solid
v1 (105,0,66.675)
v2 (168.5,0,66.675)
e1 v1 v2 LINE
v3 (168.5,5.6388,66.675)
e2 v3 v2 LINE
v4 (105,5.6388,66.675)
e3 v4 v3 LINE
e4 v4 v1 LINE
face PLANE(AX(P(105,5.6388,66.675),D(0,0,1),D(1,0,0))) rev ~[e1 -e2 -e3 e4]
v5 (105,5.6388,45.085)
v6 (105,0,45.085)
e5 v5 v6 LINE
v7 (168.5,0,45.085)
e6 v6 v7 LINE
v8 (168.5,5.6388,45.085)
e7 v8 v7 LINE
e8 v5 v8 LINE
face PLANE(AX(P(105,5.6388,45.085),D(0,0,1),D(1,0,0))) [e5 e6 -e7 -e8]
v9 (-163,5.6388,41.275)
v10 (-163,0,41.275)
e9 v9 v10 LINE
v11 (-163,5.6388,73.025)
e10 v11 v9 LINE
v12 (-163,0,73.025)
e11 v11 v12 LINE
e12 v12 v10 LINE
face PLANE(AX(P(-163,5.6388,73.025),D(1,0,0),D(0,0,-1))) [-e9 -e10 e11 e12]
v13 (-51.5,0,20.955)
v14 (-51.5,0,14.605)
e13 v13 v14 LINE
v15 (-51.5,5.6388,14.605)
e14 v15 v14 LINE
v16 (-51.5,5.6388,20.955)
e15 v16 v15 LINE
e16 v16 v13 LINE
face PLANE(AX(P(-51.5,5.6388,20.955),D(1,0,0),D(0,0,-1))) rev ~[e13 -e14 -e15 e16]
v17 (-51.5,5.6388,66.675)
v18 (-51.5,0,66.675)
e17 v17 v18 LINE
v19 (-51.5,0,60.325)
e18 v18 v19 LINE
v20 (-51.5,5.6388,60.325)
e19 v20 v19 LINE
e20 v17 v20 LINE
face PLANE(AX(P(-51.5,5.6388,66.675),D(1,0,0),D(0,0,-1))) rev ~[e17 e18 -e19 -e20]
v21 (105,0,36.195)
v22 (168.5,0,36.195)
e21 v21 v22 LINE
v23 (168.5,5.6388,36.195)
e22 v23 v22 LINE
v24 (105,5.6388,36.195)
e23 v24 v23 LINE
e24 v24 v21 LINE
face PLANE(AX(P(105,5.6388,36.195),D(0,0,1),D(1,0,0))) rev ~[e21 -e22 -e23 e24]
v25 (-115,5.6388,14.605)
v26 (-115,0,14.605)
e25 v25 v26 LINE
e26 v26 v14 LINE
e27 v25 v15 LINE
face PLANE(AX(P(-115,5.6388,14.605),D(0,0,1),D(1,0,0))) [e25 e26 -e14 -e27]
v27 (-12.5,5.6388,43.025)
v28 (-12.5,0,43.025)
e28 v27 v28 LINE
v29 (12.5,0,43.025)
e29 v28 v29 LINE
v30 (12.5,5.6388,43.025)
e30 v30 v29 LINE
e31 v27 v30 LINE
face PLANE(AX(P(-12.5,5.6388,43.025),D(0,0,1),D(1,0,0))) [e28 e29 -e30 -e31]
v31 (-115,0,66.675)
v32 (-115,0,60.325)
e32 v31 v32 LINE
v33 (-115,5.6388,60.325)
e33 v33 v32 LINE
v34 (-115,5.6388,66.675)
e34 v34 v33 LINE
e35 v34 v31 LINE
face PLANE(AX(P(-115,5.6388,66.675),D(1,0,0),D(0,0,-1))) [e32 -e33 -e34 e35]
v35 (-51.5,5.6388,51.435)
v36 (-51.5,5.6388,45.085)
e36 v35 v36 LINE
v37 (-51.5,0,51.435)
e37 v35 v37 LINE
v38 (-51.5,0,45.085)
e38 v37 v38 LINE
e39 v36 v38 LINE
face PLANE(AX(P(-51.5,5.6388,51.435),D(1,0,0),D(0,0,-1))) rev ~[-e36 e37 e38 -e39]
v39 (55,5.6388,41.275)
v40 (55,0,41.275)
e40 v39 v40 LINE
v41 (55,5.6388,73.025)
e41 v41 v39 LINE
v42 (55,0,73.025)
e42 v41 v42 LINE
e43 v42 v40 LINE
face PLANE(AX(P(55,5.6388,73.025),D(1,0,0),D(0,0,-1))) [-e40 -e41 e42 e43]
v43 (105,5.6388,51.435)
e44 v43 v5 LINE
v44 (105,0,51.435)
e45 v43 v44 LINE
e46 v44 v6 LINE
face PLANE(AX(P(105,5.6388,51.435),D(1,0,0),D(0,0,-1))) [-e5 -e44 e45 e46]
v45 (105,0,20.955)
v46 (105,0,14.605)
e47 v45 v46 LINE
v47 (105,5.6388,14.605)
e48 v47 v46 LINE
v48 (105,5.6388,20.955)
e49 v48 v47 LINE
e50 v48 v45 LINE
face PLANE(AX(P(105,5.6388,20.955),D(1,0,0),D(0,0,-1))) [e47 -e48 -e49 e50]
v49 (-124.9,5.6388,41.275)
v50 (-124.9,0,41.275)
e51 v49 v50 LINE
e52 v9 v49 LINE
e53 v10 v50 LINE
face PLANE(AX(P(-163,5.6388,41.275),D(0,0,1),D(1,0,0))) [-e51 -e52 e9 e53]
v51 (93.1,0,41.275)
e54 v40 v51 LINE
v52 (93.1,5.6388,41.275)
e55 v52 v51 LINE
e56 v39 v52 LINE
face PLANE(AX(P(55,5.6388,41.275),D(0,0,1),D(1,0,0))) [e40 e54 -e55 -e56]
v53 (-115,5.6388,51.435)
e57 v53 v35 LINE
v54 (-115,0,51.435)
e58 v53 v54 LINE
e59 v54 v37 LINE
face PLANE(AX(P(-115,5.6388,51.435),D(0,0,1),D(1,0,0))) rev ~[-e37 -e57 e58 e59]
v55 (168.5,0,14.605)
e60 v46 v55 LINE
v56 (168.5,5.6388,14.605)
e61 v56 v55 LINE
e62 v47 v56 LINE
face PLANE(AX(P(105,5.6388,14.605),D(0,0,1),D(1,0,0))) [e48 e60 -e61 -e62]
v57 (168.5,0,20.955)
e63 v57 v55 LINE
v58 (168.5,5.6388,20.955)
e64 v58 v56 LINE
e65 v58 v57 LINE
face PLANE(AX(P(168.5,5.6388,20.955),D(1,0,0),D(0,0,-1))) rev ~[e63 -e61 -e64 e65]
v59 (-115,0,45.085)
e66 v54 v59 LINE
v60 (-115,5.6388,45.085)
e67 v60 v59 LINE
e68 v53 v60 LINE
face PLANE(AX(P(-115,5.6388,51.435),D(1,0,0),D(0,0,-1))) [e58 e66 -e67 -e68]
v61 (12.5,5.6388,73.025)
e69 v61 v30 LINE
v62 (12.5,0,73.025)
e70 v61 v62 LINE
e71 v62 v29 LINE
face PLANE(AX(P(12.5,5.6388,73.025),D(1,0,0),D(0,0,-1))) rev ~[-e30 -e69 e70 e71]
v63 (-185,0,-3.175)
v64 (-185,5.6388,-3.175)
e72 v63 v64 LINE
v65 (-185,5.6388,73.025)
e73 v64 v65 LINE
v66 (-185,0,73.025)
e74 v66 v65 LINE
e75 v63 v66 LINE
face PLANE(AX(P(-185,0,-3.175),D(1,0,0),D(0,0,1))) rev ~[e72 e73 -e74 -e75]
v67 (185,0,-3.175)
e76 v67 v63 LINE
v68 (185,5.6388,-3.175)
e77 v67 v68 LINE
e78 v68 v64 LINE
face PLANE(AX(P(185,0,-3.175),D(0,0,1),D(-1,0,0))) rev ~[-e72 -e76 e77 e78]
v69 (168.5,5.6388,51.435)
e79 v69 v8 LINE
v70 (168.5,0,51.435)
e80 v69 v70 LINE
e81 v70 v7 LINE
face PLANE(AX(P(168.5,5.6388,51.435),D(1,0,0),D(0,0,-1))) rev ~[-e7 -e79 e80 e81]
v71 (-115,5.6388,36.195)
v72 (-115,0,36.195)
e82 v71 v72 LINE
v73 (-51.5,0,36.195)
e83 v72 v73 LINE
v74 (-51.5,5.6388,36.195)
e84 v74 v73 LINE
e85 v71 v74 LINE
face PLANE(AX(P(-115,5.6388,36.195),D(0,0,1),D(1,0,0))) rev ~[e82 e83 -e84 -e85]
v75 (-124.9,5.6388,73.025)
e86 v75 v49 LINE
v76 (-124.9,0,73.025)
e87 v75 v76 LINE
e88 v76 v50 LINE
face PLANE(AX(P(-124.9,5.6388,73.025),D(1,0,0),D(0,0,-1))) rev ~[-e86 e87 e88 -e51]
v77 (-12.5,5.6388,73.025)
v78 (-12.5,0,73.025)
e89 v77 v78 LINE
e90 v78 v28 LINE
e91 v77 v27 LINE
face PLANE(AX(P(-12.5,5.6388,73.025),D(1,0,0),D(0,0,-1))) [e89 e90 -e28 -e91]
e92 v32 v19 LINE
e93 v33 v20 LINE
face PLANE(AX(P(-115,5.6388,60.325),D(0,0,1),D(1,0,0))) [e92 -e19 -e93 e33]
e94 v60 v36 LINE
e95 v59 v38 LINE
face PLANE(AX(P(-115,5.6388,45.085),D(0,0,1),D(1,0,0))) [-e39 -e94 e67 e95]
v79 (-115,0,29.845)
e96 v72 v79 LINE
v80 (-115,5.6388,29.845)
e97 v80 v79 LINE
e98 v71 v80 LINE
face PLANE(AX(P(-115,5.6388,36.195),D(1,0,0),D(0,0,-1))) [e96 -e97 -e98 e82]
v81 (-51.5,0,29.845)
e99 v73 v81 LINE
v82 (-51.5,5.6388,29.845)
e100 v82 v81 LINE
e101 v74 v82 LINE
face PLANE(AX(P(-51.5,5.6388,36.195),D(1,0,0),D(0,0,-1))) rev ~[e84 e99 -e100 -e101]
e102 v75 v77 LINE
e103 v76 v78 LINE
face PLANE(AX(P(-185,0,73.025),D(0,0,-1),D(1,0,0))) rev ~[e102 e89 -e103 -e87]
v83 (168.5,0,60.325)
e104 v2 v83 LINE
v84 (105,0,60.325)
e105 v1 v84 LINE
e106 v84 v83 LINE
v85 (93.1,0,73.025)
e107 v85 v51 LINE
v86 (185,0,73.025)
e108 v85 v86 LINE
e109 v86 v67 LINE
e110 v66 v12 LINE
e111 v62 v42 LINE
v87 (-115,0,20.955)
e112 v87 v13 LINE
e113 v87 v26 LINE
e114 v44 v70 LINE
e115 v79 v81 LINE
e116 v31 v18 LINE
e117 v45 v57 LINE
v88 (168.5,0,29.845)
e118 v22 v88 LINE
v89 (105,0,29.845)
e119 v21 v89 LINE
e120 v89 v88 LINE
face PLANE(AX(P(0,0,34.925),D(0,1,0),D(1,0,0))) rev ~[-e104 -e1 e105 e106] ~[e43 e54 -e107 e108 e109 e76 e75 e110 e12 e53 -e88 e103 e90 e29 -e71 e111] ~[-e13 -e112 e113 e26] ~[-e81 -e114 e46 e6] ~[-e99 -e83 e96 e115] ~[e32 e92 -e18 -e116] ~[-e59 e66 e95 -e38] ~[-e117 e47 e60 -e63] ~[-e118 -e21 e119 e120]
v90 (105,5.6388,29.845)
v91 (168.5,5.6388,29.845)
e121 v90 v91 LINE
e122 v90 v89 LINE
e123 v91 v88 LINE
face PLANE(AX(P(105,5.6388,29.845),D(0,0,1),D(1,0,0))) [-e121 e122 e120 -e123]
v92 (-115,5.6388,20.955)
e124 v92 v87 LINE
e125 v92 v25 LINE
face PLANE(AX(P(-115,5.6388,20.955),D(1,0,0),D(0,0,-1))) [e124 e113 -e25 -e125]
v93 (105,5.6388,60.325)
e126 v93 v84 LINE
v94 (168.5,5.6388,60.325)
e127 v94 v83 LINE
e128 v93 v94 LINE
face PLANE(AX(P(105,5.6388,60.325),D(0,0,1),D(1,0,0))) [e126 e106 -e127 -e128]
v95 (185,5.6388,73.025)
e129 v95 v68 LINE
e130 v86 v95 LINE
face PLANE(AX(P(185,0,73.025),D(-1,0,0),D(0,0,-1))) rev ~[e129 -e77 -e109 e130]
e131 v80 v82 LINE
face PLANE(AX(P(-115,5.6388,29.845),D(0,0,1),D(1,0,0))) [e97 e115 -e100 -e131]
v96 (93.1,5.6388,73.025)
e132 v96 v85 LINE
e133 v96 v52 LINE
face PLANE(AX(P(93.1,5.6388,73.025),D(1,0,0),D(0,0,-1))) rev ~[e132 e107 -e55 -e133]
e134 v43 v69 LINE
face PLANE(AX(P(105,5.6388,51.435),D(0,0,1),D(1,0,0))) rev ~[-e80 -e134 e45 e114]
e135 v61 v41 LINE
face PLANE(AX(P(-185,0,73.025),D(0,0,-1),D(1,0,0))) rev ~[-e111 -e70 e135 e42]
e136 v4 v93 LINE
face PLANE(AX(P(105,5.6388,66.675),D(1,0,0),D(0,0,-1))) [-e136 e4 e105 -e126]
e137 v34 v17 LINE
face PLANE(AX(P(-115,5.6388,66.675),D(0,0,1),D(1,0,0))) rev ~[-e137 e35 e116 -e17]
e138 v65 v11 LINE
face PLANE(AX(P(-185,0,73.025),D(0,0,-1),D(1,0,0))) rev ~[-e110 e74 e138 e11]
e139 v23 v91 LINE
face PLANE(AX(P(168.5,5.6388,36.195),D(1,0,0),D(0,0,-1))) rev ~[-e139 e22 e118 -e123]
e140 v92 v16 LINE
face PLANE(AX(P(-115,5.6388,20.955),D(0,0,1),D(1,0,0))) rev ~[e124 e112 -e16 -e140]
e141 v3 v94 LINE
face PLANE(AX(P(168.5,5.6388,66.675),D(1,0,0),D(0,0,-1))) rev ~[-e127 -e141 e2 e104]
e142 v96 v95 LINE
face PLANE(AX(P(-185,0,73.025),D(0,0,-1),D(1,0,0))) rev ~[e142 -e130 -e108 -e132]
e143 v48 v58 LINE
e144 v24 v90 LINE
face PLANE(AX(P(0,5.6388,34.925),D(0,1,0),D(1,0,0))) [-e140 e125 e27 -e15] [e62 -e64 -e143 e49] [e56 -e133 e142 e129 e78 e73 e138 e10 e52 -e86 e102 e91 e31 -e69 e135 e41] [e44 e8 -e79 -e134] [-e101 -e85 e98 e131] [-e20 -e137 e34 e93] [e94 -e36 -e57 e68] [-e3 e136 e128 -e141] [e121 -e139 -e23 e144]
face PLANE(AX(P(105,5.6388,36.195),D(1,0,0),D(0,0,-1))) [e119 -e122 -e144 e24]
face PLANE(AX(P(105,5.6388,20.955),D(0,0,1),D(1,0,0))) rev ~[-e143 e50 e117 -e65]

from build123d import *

# Parameters (mm, degrees)
BOSS_EXTRUDE1_DEPTH  = 5.6388
SKETCH2_W            = 63.5
SKETCH2_H            = 6.35
CUT_EXTRUDE1_DEPTH   = 6.6388
LPATTERN1_COUNT      = 4
LPATTERN1_PITCH      = 15.24
LPATTERN1_COUNT_DIR2 = 2
LPATTERN1_PITCH_DIR2 = 220
SKETCH3_W            = 25
SKETCH3_H            = 30
CUT_EXTRUDE2_DEPTH   = 6.6388
SKETCH4_W            = 38.1
SKETCH4_H            = 31.75
CUT_EXTRUDE3_DEPTH   = 6.6388


with BuildPart() as part:
    # Sketch1 → Boss-Extrude1 (new body)
    with BuildSketch(Plane(origin=(0, 0, 0), x_dir=(1, 0, 0), z_dir=(0, 1, 0))):
        Polygon((-185, -73.025), (185, -73.025), (185, -6.825), (185, 3.175), (175, 3.175), (-175, 3.175), (-185, 3.175), (-185, -6.825), align=None)
    extrude(amount=BOSS_EXTRUDE1_DEPTH)

    # Sketch2 → Cut-Extrude1 (cut, through all)
    with BuildSketch(Plane(origin=(0, 5.6388, 0), x_dir=(1, 0, 0), z_dir=(0, 1, 0))):
        with Locations((-83.25, -63.5)):
            Rectangle(SKETCH2_W, SKETCH2_H)
    cut_extrude1 = extrude(amount=-CUT_EXTRUDE1_DEPTH, mode=Mode.SUBTRACT)

    # LPattern1: Cut-Extrude1 4 × 2
    with Locations(*[(j * LPATTERN1_PITCH_DIR2, 0, -i * LPATTERN1_PITCH) for i in range(LPATTERN1_COUNT) for j in range(LPATTERN1_COUNT_DIR2) if (i, j) != (0, 0)]):
        add(cut_extrude1, mode=Mode.SUBTRACT)

    # Sketch3 → Cut-Extrude2 (cut, through all)
    with BuildSketch(Plane(origin=(0, 5.6388, 0), x_dir=(1, 0, 0), z_dir=(0, 1, 0))):
        with Locations((0, -58.025)):
            Rectangle(SKETCH3_W, SKETCH3_H)
    extrude(amount=-CUT_EXTRUDE2_DEPTH, mode=Mode.SUBTRACT)

    # Sketch4 → Cut-Extrude3 (cut, through all)
    with BuildSketch(Plane(origin=(0, 5.6388, 0), x_dir=(1, 0, 0), z_dir=(0, 1, 0))):
        with Locations((-143.95, -57.15)):
            Rectangle(SKETCH4_W, SKETCH4_H)
        with Locations((74.05, -57.15)):
            Rectangle(SKETCH4_W, SKETCH4_H)
    extrude(amount=-CUT_EXTRUDE3_DEPTH, mode=Mode.SUBTRACT)


solid = part.part
